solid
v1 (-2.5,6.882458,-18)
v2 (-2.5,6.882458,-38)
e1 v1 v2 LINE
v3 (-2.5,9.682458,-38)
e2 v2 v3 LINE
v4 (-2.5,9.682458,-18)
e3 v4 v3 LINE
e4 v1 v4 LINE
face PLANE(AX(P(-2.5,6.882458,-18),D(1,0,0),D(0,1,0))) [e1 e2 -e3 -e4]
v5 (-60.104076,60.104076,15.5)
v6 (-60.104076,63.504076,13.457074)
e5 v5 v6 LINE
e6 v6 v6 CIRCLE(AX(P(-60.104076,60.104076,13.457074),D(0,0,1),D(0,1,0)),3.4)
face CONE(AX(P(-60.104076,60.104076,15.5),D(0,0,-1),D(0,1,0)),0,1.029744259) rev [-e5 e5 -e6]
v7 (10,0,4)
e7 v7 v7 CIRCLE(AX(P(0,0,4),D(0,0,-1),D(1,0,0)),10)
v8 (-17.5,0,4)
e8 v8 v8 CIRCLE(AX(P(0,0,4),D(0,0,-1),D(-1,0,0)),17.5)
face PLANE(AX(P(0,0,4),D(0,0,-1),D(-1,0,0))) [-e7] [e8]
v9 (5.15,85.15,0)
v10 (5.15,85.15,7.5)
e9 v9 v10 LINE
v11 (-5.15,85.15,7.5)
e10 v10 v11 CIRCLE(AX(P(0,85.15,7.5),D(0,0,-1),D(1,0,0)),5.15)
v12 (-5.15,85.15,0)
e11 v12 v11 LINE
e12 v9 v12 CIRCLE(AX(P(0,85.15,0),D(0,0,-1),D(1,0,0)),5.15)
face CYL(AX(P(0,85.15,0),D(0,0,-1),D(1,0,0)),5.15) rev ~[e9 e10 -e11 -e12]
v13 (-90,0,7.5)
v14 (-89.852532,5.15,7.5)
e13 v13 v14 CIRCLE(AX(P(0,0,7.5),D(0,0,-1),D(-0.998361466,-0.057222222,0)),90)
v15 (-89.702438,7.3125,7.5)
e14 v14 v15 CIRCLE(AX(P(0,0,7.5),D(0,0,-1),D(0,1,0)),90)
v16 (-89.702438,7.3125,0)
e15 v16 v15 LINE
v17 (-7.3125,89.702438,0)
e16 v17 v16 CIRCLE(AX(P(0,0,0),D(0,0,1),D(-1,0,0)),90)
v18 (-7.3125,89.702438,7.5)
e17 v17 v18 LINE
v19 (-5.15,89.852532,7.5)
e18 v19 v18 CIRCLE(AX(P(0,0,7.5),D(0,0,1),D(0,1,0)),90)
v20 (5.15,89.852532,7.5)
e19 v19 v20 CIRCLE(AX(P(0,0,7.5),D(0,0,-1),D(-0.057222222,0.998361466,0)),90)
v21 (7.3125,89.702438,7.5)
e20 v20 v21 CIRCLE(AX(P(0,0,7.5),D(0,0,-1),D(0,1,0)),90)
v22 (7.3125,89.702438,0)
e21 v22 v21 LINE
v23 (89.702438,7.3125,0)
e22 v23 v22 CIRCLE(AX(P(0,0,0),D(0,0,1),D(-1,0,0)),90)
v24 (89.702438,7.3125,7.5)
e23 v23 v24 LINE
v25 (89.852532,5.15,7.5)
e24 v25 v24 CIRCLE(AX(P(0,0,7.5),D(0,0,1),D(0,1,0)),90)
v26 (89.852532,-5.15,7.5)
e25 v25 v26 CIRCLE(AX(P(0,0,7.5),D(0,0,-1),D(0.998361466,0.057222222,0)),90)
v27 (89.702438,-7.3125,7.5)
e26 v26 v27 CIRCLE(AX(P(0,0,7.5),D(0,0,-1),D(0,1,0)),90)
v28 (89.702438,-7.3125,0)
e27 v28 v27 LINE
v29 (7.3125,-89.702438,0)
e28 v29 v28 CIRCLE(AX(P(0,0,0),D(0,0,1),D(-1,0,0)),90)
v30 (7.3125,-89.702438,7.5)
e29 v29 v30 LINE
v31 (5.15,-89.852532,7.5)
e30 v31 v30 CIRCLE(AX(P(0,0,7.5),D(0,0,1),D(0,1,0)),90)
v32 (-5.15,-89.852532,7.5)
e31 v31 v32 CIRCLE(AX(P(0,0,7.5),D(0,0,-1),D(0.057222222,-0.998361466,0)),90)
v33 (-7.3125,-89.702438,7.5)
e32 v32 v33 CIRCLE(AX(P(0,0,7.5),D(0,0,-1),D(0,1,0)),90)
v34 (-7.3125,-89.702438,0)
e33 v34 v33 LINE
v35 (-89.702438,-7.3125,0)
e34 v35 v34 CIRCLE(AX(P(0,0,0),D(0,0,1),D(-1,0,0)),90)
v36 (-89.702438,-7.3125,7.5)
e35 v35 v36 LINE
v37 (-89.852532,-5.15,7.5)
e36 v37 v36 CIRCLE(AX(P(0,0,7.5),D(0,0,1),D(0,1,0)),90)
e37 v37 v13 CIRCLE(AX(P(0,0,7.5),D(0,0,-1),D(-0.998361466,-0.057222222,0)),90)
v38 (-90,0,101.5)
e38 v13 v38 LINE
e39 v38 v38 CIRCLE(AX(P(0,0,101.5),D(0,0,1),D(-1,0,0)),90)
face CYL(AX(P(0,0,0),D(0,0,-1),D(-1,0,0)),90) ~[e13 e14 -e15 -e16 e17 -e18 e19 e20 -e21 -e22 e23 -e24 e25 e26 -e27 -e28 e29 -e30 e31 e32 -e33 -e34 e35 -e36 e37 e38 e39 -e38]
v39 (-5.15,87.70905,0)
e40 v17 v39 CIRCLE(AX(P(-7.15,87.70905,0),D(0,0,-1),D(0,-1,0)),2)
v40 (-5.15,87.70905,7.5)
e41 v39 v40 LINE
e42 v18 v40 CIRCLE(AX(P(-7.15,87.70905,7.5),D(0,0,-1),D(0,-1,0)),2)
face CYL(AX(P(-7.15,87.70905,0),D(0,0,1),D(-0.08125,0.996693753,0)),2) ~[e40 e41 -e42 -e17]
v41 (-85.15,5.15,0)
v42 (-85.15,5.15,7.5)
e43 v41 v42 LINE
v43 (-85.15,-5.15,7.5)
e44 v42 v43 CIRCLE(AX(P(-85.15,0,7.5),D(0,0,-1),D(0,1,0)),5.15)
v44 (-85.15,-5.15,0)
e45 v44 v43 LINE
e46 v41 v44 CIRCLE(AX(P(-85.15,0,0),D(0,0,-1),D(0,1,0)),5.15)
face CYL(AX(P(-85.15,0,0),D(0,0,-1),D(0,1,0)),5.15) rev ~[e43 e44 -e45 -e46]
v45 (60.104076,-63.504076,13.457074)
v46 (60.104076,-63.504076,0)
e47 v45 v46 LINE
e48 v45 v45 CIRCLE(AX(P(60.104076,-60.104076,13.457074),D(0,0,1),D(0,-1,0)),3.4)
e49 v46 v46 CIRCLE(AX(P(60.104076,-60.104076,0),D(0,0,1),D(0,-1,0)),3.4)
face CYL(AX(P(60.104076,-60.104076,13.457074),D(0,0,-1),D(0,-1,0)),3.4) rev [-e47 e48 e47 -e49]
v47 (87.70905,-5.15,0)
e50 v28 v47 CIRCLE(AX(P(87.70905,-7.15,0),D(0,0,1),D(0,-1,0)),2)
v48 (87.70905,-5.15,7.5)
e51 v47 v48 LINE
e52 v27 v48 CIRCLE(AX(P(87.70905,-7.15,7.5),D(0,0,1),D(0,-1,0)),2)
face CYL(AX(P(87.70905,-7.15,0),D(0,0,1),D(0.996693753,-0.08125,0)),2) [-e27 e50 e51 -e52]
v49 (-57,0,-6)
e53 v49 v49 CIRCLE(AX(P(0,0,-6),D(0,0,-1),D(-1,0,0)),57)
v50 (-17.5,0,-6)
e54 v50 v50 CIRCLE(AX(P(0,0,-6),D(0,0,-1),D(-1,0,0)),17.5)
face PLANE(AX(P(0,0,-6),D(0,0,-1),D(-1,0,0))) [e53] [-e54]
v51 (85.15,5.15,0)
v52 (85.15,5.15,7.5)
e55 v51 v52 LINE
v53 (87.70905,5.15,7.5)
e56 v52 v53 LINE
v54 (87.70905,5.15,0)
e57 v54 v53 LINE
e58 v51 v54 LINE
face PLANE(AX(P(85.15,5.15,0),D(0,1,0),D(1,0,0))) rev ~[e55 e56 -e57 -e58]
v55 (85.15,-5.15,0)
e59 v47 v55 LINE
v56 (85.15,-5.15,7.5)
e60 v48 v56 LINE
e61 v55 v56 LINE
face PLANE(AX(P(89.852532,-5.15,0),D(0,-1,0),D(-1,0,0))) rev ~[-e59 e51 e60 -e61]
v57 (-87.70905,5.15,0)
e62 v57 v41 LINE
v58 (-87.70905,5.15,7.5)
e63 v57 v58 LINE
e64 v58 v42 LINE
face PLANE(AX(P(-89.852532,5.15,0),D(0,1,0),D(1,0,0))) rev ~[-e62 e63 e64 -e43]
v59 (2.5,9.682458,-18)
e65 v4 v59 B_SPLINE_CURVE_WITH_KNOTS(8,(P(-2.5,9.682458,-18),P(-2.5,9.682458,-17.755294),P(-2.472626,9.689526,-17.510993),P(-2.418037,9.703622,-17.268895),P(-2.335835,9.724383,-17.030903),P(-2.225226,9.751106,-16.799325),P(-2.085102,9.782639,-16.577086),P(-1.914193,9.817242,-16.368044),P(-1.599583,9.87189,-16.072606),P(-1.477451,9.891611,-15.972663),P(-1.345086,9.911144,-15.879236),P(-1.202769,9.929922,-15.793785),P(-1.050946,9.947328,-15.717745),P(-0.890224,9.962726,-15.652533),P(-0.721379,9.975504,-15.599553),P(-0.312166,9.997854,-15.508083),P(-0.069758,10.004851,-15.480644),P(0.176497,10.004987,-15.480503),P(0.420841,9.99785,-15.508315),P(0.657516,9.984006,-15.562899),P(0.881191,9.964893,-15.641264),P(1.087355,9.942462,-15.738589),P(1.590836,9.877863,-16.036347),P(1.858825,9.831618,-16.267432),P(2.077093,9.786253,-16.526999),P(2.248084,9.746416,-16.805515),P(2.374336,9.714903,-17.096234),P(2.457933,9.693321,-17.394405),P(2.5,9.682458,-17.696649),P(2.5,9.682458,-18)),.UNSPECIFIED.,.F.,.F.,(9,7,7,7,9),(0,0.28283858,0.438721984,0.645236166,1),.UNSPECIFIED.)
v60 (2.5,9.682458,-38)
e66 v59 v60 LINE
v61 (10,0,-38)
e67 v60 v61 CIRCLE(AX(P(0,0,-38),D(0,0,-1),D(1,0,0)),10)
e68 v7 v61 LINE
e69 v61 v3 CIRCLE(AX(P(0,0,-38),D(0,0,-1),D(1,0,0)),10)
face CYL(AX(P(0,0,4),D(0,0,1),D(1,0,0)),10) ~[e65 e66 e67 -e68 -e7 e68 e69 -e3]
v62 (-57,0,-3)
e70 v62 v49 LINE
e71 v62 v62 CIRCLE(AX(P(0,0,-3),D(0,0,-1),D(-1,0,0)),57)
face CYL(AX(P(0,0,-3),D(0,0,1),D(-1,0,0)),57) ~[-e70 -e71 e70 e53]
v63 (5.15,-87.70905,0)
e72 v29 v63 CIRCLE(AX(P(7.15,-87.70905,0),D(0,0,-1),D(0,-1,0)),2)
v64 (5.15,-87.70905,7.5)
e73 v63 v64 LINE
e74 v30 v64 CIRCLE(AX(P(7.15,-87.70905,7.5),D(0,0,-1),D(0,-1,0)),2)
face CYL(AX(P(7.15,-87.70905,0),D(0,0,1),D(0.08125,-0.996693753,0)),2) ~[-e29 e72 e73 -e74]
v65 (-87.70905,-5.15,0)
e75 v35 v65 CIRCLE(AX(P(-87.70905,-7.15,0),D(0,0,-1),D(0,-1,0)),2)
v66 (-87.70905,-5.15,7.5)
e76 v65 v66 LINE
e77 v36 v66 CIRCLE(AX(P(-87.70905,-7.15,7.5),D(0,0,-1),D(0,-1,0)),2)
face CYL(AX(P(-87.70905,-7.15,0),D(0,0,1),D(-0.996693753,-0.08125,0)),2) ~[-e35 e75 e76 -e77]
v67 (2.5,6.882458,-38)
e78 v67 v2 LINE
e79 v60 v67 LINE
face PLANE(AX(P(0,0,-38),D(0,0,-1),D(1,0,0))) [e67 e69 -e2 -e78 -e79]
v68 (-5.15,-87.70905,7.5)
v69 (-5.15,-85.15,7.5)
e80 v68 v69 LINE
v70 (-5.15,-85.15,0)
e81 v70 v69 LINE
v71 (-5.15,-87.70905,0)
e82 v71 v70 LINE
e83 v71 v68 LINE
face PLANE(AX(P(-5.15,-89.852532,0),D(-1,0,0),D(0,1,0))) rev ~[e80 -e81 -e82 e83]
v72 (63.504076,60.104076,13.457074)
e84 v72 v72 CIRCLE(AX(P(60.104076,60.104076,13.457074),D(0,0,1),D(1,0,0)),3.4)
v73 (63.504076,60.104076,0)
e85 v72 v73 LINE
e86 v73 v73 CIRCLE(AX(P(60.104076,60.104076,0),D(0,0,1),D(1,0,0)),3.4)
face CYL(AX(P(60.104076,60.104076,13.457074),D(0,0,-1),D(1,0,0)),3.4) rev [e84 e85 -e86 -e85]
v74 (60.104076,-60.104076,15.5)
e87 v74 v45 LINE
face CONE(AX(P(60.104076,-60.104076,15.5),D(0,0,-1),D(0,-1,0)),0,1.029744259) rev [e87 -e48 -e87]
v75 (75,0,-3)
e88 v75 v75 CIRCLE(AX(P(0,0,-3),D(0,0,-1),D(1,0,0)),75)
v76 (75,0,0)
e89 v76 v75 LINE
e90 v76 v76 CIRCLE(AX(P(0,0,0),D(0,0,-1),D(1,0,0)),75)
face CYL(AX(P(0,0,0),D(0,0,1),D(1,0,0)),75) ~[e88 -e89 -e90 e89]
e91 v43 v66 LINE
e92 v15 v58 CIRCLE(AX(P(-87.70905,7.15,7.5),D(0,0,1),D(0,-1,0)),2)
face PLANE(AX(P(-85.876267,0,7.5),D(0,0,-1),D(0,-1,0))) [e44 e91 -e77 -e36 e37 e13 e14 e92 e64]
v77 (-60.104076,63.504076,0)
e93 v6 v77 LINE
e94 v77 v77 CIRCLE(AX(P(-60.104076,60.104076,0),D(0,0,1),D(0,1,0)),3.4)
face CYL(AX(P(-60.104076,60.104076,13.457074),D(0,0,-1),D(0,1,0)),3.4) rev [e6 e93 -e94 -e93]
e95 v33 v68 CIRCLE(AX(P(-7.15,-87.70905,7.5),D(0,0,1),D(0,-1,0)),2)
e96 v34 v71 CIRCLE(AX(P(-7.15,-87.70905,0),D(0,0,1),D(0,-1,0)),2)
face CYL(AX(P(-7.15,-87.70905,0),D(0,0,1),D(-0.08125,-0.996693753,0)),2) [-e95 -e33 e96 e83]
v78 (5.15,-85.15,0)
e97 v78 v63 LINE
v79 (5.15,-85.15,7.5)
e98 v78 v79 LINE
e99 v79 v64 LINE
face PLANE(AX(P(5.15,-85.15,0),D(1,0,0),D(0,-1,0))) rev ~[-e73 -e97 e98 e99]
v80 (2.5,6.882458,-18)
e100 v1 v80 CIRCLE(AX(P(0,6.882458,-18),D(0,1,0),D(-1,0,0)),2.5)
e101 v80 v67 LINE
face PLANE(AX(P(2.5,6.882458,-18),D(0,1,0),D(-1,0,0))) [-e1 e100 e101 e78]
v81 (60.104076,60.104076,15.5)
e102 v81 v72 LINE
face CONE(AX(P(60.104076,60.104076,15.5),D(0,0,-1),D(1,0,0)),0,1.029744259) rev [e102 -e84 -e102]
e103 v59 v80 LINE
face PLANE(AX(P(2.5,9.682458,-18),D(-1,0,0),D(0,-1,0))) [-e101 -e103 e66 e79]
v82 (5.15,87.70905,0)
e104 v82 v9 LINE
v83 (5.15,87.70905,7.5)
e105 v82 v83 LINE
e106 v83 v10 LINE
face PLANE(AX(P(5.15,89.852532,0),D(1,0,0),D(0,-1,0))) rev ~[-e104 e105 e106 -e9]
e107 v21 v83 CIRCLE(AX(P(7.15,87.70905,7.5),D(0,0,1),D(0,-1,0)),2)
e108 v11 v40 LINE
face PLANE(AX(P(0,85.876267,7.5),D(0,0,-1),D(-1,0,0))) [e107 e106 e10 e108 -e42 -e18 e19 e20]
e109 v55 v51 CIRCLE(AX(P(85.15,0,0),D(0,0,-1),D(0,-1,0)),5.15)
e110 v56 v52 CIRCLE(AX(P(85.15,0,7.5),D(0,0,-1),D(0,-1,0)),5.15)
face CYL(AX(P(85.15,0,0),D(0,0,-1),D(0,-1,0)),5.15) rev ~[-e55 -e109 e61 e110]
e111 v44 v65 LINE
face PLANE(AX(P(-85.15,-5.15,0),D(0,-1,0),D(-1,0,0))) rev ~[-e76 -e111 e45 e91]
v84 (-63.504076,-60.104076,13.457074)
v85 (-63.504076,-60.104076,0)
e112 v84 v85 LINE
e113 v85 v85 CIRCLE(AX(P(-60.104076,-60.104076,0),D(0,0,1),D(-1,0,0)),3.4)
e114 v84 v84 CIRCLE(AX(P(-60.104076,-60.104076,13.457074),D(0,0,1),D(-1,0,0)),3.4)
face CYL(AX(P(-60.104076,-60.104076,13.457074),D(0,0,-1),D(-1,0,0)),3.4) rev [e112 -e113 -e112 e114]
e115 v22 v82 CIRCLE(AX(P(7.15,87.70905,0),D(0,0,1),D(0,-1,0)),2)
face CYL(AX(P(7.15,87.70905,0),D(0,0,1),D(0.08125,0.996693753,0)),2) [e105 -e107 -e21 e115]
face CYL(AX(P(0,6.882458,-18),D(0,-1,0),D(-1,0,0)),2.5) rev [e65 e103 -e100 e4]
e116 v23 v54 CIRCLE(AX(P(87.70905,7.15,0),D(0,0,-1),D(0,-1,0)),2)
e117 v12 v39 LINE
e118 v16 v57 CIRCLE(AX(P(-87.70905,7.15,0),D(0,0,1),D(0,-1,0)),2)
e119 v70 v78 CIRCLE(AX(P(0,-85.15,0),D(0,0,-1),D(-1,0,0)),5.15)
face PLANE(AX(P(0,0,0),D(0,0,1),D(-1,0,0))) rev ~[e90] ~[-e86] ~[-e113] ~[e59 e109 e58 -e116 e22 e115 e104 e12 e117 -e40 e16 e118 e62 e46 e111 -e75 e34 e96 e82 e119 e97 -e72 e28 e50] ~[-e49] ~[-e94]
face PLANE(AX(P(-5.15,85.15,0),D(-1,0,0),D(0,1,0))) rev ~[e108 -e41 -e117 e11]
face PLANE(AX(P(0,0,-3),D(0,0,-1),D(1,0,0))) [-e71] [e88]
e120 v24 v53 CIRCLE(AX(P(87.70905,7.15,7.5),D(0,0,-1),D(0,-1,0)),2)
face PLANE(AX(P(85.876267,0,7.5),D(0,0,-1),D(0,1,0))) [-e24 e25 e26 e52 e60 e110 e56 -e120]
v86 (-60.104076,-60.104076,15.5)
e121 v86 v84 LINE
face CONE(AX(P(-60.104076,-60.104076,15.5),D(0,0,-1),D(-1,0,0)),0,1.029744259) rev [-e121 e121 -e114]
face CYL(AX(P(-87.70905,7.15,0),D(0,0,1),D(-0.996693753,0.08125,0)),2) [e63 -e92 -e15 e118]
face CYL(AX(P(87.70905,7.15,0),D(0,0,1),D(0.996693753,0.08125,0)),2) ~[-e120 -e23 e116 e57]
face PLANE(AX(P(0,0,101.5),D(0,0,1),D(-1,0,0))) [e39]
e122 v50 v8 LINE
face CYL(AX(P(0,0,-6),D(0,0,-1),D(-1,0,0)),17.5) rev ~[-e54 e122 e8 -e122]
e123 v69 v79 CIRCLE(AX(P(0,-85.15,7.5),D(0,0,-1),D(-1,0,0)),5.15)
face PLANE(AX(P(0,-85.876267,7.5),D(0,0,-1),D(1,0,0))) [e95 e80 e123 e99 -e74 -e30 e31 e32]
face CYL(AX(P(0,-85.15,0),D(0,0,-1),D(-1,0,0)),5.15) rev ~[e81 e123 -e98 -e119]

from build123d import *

# Parameters (mm, degrees)
SKETCH1_R                = 90
BOSS_EXTRUDE1_DEPTH      = 101.5
CUT_EXTRUDE1_DEPTH       = 7.5
FILLET1_R                = 2
CIRPATTERN1_COUNT        = 4
FILLET1_OF_CIRPATTERN1_R = 2
SKETCH6_R                = 75
BOSS_EXTRUDE2_DEPTH      = 3
SKETCH7_R                = 57
BOSS_EXTRUDE3_DEPTH      = 3
SKETCH8_R                = 17.5
CUT_EXTRUDE2_DEPTH       = 10
SKETCH9_R                = 10
BOSS_EXTRUDE4_DEPTH      = 42
CUT_EXTRUDE3_START       = -20
CUT_EXTRUDE3_DEPTH       = 20
CUT_EXTRUDE4_DEPTH       = 167.698712469


with BuildPart() as part:
    # Sketch1 → Boss-Extrude1 (new body)
    with BuildSketch(Plane.XY):
        with Locations(Location((0, 0, 0), (0, 0, 180))):
            Circle(SKETCH1_R)
    extrude(amount=BOSS_EXTRUDE1_DEPTH)

    # Sketch2 → Cut-Extrude1 (cut)
    with BuildSketch(Plane(origin=(0, 0, 0), x_dir=(-1, 0, 0), z_dir=(0, 0, -1))):
        with BuildLine():
            Line((-5.15, 89.852531962), (-5.15, 85.15))
            ThreePointArc((-5.15, 85.15), (0, 80), (5.15, 85.15))
            Line((5.15, 85.15), (5.15, 89.852531962))
            ThreePointArc((5.15, 89.852531962), (0, 90), (-5.15, 89.852531962))
        make_face()
    cut_extrude1 = extrude(amount=-CUT_EXTRUDE1_DEPTH, mode=Mode.SUBTRACT)

    # Fillet1
    fillet1_edges = [part.edges().sort_by_distance(p)[0] for p in [
        (-5.15, 89.852531962, 3.75),
        (5.15, 89.852531962, 3.75),
    ]]
    fillet(fillet1_edges, radius=FILLET1_R)

    # Sketch5 → Tap Drill for M8 Tap1 (revolve, cut)
    with BuildSketch(Plane(origin=(-60.104076401, 60.104076401, 0), x_dir=(0, 1, 0), z_dir=(1, 0, 0))):
        Polygon((0, 0), (0, 15.5), (3.4, 13.457073895), (3.4, 0), align=None)
    tap_drill_for_m8_tap1 = revolve(axis=Axis((-60.104076401, 60.104076401, -6.35), (0, 0, 1)), mode=Mode.SUBTRACT)

    # CirPattern1: Cut-Extrude1, Tap Drill for M8 Tap1 ×4 about axis
    cirpattern1_axis = Axis((0, 0, 0), (0, 0, 1))
    add([cut_extrude1.rotate(cirpattern1_axis, i * 360 / CIRPATTERN1_COUNT) for i in range(1, CIRPATTERN1_COUNT)], mode=Mode.SUBTRACT)
    add([tap_drill_for_m8_tap1.rotate(cirpattern1_axis, i * 360 / CIRPATTERN1_COUNT) for i in range(1, CIRPATTERN1_COUNT)], mode=Mode.SUBTRACT)

    # Fillet1 of CirPattern1
    fillet1_of_cirpattern1_edges = [part.edges().sort_by_distance(p)[0] for p in [
        (-89.852531962, -5.15, 3.75),
        (-89.852531962, 5.15, 3.75),
        (5.15, -89.852531962, 3.75),
        (-5.15, -89.852531962, 3.75),
        (89.852531962, 5.15, 3.75),
        (89.852531962, -5.15, 3.75),
    ]]
    fillet(fillet1_of_cirpattern1_edges, radius=FILLET1_OF_CIRPATTERN1_R)

    # Sketch6 → Boss-Extrude2 (add)
    with BuildSketch(Plane(origin=(0, 0, 0), x_dir=(-1, 0, 0), z_dir=(0, 0, -1))):
        with Locations(Location((0, 0, 0), (0, 0, 180))):
            Circle(SKETCH6_R)
    extrude(amount=BOSS_EXTRUDE2_DEPTH)

    # Sketch7 → Boss-Extrude3 (add)
    with BuildSketch(Plane(origin=(0, 0, -3), x_dir=(-1, 0, 0), z_dir=(0, 0, -1))):
        Circle(SKETCH7_R)
    extrude(amount=BOSS_EXTRUDE3_DEPTH)

    # Sketch8 → Cut-Extrude2 (cut)
    with BuildSketch(Plane(origin=(0, 0, -6), x_dir=(-1, 0, 0), z_dir=(0, 0, -1))):
        Circle(SKETCH8_R)
    extrude(amount=-CUT_EXTRUDE2_DEPTH, mode=Mode.SUBTRACT)

    # Sketch9 → Boss-Extrude4 (add)
    with BuildSketch(Plane(origin=(0, 0, 4), x_dir=(-1, 0, 0), z_dir=(0, 0, -1))):
        with Locations(Location((0, 0, 0), (0, 0, 180))):
            Circle(SKETCH9_R)
    extrude(amount=BOSS_EXTRUDE4_DEPTH)

    # Sketch10 → Cut-Extrude3 (cut)
    with BuildSketch(Plane(origin=(0, 0, -38), x_dir=(-1, 0, 0), z_dir=(0, 0, -1)).offset(CUT_EXTRUDE3_START)):
        with BuildLine():
            Line((-2.5, 9.682458366), (-2.5, 6.882458366))
            Line((-2.5, 6.882458366), (2.5, 6.882458366))
            Line((2.5, 6.882458366), (2.5, 9.682458366))
            ThreePointArc((2.5, 9.682458366), (0, 10), (-2.5, 9.682458366))
        make_face()
    extrude(amount=CUT_EXTRUDE3_DEPTH, mode=Mode.SUBTRACT)

    # Sketch11 → Cut-Extrude4 (cut, through all)
    with BuildSketch(Plane(origin=(0, 6.882458366, 0), x_dir=(1, 0, 0), z_dir=(0, 1, 0))):
        with BuildLine():
            Line((2.5, 18), (-2.5, 18))
            ThreePointArc((-2.5, 18), (0, 15.5), (2.5, 18))
        make_face()
    extrude(amount=CUT_EXTRUDE4_DEPTH, mode=Mode.SUBTRACT)


solid = part.part
